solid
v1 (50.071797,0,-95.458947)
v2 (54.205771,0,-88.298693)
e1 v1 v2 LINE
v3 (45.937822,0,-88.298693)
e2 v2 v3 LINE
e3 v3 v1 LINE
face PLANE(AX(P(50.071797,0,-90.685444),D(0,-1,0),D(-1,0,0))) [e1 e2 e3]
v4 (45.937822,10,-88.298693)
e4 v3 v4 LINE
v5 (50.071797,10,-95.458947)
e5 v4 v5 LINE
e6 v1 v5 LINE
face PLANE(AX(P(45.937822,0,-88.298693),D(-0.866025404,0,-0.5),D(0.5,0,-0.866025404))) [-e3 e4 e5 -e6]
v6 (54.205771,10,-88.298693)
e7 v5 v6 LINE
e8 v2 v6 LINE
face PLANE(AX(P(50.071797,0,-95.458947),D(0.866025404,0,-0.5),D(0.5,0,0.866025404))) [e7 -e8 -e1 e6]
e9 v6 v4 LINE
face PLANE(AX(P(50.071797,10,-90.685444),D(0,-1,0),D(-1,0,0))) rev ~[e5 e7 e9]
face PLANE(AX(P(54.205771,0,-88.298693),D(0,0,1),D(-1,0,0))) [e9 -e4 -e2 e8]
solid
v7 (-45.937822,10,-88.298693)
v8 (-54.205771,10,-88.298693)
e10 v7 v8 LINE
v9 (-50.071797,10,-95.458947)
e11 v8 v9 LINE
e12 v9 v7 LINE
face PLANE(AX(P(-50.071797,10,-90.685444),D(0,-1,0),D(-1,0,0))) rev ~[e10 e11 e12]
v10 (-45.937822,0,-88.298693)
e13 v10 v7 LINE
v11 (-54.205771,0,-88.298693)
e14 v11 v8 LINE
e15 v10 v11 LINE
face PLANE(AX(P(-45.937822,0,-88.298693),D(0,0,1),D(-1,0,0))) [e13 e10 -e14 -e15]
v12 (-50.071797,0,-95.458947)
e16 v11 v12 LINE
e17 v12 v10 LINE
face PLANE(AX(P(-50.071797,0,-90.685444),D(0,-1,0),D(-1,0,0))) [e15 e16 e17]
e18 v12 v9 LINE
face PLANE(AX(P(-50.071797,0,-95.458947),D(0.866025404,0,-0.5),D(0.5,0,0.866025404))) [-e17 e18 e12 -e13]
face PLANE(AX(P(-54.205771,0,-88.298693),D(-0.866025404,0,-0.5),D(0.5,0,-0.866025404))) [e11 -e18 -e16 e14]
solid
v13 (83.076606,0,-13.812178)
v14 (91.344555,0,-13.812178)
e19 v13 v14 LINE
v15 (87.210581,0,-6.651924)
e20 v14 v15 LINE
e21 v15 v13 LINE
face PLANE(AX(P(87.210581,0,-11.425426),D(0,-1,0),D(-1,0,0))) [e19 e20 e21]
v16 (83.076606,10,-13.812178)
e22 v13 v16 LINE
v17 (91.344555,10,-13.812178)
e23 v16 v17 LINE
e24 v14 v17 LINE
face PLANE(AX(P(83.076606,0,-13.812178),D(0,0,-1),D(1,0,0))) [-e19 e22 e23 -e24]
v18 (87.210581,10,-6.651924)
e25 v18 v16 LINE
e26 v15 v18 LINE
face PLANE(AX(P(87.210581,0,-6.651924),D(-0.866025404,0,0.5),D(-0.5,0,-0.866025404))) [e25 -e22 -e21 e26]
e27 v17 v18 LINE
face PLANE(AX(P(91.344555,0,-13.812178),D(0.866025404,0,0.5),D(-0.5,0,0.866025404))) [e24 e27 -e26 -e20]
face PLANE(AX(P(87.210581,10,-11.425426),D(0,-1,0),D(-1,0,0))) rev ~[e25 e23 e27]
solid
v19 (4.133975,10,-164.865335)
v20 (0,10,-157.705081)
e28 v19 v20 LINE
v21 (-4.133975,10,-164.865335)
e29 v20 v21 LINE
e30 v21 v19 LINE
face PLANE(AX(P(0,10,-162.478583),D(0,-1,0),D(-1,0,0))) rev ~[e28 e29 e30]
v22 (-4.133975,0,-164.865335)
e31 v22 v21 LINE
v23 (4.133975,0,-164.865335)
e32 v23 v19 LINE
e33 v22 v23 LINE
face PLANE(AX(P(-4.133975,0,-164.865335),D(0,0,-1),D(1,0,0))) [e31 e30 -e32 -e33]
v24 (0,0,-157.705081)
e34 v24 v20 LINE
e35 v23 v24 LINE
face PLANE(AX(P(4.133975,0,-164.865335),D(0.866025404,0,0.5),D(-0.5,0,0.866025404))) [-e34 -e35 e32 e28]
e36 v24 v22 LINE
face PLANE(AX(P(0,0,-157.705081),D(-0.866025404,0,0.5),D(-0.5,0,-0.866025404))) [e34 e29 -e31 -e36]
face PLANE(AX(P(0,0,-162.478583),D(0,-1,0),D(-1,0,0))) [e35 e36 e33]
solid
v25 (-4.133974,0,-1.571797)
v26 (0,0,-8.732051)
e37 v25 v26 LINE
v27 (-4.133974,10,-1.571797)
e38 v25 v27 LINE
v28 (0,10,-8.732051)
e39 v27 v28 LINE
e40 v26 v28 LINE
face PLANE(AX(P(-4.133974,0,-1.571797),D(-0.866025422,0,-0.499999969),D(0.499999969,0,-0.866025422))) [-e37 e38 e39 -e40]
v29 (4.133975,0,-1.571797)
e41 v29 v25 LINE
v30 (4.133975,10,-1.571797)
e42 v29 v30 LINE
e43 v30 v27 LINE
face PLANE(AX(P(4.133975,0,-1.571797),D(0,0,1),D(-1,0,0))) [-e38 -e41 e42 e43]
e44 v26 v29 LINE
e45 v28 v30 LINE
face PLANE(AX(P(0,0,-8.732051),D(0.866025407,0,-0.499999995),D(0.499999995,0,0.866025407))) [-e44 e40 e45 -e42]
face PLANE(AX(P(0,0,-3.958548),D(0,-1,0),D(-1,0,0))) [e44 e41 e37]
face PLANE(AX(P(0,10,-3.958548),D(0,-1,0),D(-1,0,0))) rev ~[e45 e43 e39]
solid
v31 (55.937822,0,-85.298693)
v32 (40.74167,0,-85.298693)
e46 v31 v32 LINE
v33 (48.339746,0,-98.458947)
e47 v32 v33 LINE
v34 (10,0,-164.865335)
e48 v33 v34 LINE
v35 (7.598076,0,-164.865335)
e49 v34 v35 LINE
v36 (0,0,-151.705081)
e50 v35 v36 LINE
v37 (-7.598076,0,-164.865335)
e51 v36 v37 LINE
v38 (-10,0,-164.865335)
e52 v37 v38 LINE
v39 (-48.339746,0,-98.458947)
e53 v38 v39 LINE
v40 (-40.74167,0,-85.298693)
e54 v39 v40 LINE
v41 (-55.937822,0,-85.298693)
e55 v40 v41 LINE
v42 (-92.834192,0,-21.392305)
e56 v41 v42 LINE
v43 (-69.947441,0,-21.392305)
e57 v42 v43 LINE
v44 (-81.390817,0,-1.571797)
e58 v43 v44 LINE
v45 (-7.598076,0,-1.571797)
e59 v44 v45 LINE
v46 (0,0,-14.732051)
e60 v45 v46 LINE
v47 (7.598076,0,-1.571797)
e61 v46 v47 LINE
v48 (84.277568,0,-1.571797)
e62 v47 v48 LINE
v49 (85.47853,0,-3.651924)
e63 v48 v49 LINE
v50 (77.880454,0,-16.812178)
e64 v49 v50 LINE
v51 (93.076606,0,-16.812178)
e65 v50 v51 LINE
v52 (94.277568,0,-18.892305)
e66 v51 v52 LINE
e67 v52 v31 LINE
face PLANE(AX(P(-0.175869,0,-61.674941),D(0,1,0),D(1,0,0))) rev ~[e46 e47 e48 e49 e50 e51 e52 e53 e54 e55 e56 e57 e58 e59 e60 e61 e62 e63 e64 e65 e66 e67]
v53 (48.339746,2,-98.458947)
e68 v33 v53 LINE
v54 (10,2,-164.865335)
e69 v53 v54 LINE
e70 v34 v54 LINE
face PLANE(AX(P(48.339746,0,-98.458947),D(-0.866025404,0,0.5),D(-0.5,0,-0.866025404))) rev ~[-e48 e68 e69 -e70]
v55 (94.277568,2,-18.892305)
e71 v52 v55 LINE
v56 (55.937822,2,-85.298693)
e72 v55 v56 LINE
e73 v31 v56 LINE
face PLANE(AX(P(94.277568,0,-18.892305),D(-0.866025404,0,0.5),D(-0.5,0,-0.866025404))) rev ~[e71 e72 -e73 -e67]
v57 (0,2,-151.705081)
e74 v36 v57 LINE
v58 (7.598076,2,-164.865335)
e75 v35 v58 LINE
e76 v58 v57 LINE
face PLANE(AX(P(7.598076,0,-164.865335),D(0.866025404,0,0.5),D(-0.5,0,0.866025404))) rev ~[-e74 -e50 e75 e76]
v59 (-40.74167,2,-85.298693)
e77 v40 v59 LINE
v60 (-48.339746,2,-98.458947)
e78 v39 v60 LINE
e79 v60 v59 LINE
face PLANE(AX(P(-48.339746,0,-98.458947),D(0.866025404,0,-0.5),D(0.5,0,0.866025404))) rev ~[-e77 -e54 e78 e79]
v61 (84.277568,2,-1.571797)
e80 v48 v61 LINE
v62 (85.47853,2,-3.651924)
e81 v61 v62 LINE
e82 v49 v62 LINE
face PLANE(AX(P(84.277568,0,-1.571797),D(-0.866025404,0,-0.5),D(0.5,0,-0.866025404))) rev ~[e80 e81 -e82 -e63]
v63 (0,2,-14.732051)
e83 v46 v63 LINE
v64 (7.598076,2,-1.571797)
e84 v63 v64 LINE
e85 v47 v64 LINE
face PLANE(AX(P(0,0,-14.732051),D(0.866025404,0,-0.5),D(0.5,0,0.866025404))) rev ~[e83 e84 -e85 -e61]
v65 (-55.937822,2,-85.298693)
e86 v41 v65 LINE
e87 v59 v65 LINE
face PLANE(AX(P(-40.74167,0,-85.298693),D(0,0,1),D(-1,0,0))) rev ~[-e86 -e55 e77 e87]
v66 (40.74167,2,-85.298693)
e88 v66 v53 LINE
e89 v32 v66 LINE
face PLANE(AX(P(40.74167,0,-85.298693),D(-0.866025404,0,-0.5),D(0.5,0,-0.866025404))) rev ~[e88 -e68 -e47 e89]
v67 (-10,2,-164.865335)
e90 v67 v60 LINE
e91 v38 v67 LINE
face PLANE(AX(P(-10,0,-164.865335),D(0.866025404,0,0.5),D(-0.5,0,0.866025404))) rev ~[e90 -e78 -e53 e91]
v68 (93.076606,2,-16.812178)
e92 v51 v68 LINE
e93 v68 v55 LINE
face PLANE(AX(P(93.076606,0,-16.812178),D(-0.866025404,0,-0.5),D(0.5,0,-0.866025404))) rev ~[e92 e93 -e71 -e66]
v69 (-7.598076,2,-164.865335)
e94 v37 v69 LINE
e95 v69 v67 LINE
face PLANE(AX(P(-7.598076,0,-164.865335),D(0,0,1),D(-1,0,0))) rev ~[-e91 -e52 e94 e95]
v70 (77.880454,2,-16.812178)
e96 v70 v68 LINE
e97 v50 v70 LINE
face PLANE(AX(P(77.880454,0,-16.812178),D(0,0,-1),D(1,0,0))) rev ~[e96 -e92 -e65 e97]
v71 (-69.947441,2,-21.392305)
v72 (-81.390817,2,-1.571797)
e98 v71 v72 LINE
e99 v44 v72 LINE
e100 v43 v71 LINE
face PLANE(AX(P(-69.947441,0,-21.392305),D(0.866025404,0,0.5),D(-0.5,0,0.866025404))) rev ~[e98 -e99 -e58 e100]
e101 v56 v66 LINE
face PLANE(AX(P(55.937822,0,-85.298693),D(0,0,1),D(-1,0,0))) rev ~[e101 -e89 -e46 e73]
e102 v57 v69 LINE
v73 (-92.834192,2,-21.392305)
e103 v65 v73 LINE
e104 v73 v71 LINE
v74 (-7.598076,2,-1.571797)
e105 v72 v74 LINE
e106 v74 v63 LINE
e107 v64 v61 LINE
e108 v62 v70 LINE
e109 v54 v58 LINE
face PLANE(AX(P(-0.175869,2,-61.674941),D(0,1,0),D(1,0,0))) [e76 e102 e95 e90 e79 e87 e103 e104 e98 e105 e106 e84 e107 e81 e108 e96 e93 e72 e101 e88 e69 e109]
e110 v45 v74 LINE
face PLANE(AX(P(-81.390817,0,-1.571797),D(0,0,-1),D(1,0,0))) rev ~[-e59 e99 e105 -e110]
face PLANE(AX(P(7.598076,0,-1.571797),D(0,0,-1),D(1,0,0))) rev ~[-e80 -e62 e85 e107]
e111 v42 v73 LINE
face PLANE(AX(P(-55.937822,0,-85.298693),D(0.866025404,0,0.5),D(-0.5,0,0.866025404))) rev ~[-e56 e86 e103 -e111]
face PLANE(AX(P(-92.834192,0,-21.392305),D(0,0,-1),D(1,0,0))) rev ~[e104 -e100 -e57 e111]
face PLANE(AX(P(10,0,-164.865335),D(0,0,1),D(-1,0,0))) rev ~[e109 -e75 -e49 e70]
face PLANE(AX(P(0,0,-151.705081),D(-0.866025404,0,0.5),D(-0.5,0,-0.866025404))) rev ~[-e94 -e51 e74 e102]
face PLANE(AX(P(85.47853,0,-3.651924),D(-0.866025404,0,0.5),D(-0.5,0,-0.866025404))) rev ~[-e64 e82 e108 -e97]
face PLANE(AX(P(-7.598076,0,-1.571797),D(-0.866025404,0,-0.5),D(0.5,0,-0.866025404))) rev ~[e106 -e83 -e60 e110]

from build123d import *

# Parameters (mm, degrees)
BOSS_EXTRUDE1_DEPTH   = 2
BOSS_EXTRUDE2_DEPTH   = 10
BOSS_EXTRUDE2_2_DEPTH = 10
BOSS_EXTRUDE2_3_DEPTH = 10
BOSS_EXTRUDE2_4_DEPTH = 10
BOSS_EXTRUDE2_5_DEPTH = 10


with BuildPart() as part:
    # Sketch1 → Boss-Extrude1 (new body)
    with BuildSketch(Plane(origin=(0, 0, 0), x_dir=(1, 0, 0), z_dir=(0, 1, 0))):
        Polygon((-92.834192436, 21.392304849), (-55.937822149, 85.298692801), (-40.741669726, 85.298692801), (-48.339745937, 98.458946839), (-9.999999977, 164.865334792), (-7.598076211, 164.865334792), (0, 151.705080754), (7.598076211, 164.865334792), (10.000000007, 164.865334792), (48.33974597, 98.458946834), (40.741669759, 85.298692796), (55.937822182, 85.298692796), (94.277568143, 18.892304841), (93.076606256, 16.812177834), (77.880453952, 16.812177834), (85.478530104, 3.651923899), (84.277568097, 1.571796687), (7.598076284, 1.571796687), (2e-09, 14.732050847), (-7.59807628, 1.571796687), (-81.390816839, 1.571796687), (-69.947441116, 21.392304849), align=None)
    extrude(amount=BOSS_EXTRUDE1_DEPTH)


with BuildPart() as body_2:
    # Sketch1<6> → Boss-Extrude2 (new body)
    with BuildSketch(Plane(origin=(0, 0, 0), x_dir=(1, 0, 0), z_dir=(0, 1, 0))):
        Polygon((-1.2e-07, 8.732050878), (-4.133974466, 1.571796687), (4.133974507, 1.571796687), align=None)
    extrude(amount=BOSS_EXTRUDE2_DEPTH)


with BuildPart() as body_3:
    # Sketch1<6> → Boss-Extrude2 2 (new body)
    with BuildSketch(Plane(origin=(0, 0, 0), x_dir=(1, 0, 0), z_dir=(0, 1, 0))):
        Polygon((91.344555444, 13.812177834), (83.076606252, 13.812177834), (87.210580848, 6.651923796), align=None)
    extrude(amount=BOSS_EXTRUDE2_2_DEPTH)


with BuildPart() as body_4:
    # Sketch1<6> → Boss-Extrude2 3 (new body)
    with BuildSketch(Plane(origin=(0, 0, 0), x_dir=(1, 0, 0), z_dir=(0, 1, 0))):
        Polygon((50.071796778, 95.458946841), (45.937822182, 88.298692803), (54.205771374, 88.298692803), align=None)
    extrude(amount=BOSS_EXTRUDE2_3_DEPTH)


with BuildPart() as body_5:
    # Sketch1<6> → Boss-Extrude2 4 (new body)
    with BuildSketch(Plane(origin=(0, 0, 0), x_dir=(1, 0, 0), z_dir=(0, 1, 0))):
        Polygon((4.133974596, 164.865334799), (-4.133974596, 164.865334799), (0, 157.705080761), align=None)
    extrude(amount=BOSS_EXTRUDE2_4_DEPTH)


with BuildPart() as body_6:
    # Sketch1<6> → Boss-Extrude2 5 (new body)
    with BuildSketch(Plane(origin=(0, 0, 0), x_dir=(1, 0, 0), z_dir=(0, 1, 0))):
        Polygon((-50.071796745, 95.458946839), (-54.205771341, 88.298692801), (-45.937822149, 88.298692801), align=None)
    extrude(amount=BOSS_EXTRUDE2_5_DEPTH)


solid = Compound([part.part, body_2.part, body_3.part, body_4.part, body_5.part, body_6.part])
